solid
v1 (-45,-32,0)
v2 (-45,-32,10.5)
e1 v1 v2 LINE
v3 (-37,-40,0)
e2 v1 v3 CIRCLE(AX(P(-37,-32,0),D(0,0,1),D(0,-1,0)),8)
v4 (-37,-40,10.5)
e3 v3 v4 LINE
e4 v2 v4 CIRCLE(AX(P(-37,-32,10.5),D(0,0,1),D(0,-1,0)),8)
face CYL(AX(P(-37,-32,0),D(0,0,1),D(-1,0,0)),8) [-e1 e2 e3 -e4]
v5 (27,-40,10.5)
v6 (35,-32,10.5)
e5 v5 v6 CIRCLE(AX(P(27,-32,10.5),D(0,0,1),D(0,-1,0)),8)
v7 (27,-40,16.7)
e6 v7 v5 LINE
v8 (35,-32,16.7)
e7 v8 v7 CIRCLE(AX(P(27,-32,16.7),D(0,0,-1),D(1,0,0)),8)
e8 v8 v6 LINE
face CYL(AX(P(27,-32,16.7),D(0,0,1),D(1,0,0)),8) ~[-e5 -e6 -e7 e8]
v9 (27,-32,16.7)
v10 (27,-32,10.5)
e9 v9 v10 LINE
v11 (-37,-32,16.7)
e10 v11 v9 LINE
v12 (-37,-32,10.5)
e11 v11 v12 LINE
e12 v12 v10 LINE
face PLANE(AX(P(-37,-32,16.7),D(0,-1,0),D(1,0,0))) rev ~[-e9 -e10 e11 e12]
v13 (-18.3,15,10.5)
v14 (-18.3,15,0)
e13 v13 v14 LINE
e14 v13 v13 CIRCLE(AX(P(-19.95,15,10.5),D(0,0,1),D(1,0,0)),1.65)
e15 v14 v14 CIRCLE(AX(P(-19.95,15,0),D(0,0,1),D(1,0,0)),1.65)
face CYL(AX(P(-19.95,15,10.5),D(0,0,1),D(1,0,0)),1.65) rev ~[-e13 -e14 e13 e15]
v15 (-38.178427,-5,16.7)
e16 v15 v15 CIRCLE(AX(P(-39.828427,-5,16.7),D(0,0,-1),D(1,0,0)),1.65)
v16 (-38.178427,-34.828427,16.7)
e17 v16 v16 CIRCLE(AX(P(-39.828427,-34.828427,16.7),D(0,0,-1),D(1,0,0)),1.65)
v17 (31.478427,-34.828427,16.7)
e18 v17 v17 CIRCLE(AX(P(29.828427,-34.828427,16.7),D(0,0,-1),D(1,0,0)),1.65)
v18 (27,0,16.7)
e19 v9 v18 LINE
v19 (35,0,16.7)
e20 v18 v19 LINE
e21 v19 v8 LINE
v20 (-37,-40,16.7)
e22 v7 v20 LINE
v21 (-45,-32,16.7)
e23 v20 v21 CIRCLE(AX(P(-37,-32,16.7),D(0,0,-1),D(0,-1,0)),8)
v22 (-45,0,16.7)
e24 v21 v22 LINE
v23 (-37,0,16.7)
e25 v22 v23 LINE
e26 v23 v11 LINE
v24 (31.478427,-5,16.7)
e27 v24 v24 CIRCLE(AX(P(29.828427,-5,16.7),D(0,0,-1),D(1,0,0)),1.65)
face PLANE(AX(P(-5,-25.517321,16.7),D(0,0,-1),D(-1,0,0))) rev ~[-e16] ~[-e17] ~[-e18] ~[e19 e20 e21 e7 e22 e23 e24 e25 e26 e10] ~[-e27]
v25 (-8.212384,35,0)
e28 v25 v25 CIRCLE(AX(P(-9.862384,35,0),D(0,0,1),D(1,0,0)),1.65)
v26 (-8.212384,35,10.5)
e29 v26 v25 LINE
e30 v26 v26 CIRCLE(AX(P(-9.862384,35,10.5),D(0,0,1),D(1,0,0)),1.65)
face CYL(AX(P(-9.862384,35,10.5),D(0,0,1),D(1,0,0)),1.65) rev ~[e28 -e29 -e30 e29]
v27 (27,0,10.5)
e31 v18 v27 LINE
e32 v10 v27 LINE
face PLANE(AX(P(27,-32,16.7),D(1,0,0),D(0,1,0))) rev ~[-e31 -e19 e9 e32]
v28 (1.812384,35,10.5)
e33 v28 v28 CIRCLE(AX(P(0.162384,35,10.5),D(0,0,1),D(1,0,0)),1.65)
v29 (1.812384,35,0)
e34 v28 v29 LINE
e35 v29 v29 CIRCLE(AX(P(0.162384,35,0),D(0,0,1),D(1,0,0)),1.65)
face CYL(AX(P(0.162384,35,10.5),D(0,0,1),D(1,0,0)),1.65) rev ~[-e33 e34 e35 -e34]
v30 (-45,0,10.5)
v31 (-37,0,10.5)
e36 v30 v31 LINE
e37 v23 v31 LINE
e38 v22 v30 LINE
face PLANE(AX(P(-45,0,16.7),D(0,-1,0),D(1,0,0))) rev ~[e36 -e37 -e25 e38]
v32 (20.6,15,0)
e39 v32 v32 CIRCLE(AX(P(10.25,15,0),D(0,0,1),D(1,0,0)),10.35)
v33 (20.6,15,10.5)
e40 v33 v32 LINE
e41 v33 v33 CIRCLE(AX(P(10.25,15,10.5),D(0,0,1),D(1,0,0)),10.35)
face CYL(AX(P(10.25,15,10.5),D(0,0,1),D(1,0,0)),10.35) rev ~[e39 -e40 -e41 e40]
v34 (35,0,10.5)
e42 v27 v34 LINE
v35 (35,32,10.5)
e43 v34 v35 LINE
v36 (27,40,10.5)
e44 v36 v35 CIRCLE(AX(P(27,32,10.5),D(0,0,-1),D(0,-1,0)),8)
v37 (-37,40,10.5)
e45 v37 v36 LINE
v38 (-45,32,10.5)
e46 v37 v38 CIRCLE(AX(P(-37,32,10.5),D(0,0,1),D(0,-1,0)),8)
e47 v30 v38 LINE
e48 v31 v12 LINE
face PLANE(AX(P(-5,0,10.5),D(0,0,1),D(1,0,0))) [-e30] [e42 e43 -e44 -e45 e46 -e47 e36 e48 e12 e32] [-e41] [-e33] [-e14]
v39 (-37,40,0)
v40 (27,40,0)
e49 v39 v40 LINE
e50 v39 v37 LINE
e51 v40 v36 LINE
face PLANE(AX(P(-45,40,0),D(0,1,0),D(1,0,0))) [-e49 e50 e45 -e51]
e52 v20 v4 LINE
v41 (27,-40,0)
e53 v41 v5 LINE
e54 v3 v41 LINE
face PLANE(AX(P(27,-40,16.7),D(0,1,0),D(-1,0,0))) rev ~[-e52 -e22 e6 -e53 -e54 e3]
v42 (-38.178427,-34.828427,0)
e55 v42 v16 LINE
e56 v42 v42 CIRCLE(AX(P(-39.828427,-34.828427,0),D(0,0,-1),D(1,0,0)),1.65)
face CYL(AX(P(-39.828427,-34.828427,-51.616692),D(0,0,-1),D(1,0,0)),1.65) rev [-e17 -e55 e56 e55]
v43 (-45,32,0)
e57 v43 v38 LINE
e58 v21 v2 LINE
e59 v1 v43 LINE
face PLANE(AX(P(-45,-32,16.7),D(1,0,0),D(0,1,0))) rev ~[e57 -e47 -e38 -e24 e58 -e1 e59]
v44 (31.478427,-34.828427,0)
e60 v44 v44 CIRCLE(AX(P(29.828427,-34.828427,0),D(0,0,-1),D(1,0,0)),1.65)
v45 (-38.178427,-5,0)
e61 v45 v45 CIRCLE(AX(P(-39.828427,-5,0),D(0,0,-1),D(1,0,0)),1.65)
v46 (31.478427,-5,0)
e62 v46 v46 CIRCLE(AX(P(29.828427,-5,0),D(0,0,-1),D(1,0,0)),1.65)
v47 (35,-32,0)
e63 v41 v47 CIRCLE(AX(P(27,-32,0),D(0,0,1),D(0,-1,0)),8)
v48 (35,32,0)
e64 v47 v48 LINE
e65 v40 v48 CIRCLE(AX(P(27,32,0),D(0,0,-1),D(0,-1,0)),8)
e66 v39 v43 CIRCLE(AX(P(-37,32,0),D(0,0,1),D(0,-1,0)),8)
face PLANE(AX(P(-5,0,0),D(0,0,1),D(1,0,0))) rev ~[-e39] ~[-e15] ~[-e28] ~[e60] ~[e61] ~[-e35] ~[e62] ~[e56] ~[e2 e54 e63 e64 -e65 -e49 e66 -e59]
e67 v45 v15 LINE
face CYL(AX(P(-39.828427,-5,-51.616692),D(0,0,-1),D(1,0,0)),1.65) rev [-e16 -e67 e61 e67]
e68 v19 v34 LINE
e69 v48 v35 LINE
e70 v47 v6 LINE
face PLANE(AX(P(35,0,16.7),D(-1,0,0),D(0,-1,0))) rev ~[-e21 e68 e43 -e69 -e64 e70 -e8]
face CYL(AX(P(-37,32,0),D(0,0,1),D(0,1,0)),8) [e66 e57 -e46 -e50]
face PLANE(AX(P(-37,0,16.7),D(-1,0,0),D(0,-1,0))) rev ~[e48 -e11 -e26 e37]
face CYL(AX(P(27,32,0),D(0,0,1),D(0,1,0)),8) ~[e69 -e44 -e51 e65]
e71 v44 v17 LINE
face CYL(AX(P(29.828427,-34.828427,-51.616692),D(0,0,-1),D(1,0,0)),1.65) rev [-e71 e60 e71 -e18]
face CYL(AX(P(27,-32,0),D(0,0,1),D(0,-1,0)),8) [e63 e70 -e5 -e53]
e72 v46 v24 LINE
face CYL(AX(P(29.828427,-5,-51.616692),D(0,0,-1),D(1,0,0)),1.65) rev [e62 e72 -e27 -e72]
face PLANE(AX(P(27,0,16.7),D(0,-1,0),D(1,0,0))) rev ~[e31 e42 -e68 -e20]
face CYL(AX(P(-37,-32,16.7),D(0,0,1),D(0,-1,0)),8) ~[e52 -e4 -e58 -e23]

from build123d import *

# Parameters (mm, degrees)
SKETCH_1_W               = 80
SKETCH_1_H               = 80
EXTRUDE_1_DEPTH          = 10.5
SKETCH_3_R               = 1.65
SKETCH_3_R_2             = 10.35
CUT_EXTRUDE_1_DEPTH      = 62.116691664
FILLET_3_R               = 8
FILLET_4_R               = 8
FILLET_5_R               = 8
FILLET_6_R               = 8
EXTRUDE_START            = 6.2
EXTRUDE_2_DEPTH          = 6.2
CUT_EXTRUDE_2_DEPTH      = 62.116691664
CUT_EXTRUDE_2_DEPTH_BACK = 62.116691664
SKETCH_12_R              = 1.65


with BuildPart() as part:
    # 草图1 → 凸台-拉伸1 (new body)
    with BuildSketch(Plane.XY):
        with Locations((-5, 0)):
            Rectangle(SKETCH_1_W, SKETCH_1_H)
    extrude(amount=EXTRUDE_1_DEPTH)

    # 草图3 → 切除-拉伸1 (cut, through all)
    with BuildSketch(Plane.XY.offset(10.5)):
        with Locations((-19.95, 15)):
            Circle(SKETCH_3_R)
        with Locations((-9.86238383, 35)):
            Circle(SKETCH_3_R)
        with Locations((0.16238383, 35)):
            Circle(SKETCH_3_R)
        with Locations((10.25, 15)):
            Circle(SKETCH_3_R_2)
    extrude(amount=-CUT_EXTRUDE_1_DEPTH, mode=Mode.SUBTRACT)

    # 圆角3
    fillet_3_edges = [part.edges().sort_by_distance(p)[0] for p in [
        (35, 40, 5.25),
    ]]
    fillet(fillet_3_edges, radius=FILLET_3_R)

    # 圆角4
    fillet_4_edges = [part.edges().sort_by_distance(p)[0] for p in [
        (-45, 40, 5.25),
    ]]
    fillet(fillet_4_edges, radius=FILLET_4_R)

    # 圆角5
    fillet_5_edges = [part.edges().sort_by_distance(p)[0] for p in [
        (-45, -40, 5.25),
    ]]
    fillet(fillet_5_edges, radius=FILLET_5_R)

    # 圆角6
    fillet_6_edges = [part.edges().sort_by_distance(p)[0] for p in [
        (35, -40, 5.25),
    ]]
    fillet(fillet_6_edges, radius=FILLET_6_R)

    # 草图11 → 凸台-拉伸2 (add)
    with BuildSketch(Plane.XY.offset(10.5).offset(EXTRUDE_START)):
        with BuildLine():
            Line((-45, 0), (-37, 0))
            Line((-37, 0), (-37, -32))
            Line((-37, -32), (27, -32))
            Line((27, -32), (27, 0))
            Line((27, 0), (35, 0))
            Line((35, 0), (35, -32))
            ThreePointArc((35, -32), (32.656854249, -37.656854249), (27, -40))
            Line((27, -40), (-37, -40))
            ThreePointArc((-37, -40), (-42.656854249, -37.656854249), (-45, -32))
            Line((-45, -32), (-45, 0))
        make_face()
    extrude(amount=-EXTRUDE_2_DEPTH)

    # 草图12 → 切除-拉伸2 (cut, two sides: drawn at the far end of the back side and taken through both)
    with BuildSketch(Plane.XY.offset(10.5).offset(-CUT_EXTRUDE_2_DEPTH_BACK)):
        with Locations((29.828427125, -34.828427125)):
            Circle(SKETCH_12_R)
        with Locations((-39.828427125, -34.828427125)):
            Circle(SKETCH_12_R)
        with Locations((-39.828427125, -5)):
            Circle(SKETCH_12_R)
        with Locations((29.828427125, -5)):
            Circle(SKETCH_12_R)
    extrude(amount=CUT_EXTRUDE_2_DEPTH + CUT_EXTRUDE_2_DEPTH_BACK, mode=Mode.SUBTRACT)


solid = part.part
